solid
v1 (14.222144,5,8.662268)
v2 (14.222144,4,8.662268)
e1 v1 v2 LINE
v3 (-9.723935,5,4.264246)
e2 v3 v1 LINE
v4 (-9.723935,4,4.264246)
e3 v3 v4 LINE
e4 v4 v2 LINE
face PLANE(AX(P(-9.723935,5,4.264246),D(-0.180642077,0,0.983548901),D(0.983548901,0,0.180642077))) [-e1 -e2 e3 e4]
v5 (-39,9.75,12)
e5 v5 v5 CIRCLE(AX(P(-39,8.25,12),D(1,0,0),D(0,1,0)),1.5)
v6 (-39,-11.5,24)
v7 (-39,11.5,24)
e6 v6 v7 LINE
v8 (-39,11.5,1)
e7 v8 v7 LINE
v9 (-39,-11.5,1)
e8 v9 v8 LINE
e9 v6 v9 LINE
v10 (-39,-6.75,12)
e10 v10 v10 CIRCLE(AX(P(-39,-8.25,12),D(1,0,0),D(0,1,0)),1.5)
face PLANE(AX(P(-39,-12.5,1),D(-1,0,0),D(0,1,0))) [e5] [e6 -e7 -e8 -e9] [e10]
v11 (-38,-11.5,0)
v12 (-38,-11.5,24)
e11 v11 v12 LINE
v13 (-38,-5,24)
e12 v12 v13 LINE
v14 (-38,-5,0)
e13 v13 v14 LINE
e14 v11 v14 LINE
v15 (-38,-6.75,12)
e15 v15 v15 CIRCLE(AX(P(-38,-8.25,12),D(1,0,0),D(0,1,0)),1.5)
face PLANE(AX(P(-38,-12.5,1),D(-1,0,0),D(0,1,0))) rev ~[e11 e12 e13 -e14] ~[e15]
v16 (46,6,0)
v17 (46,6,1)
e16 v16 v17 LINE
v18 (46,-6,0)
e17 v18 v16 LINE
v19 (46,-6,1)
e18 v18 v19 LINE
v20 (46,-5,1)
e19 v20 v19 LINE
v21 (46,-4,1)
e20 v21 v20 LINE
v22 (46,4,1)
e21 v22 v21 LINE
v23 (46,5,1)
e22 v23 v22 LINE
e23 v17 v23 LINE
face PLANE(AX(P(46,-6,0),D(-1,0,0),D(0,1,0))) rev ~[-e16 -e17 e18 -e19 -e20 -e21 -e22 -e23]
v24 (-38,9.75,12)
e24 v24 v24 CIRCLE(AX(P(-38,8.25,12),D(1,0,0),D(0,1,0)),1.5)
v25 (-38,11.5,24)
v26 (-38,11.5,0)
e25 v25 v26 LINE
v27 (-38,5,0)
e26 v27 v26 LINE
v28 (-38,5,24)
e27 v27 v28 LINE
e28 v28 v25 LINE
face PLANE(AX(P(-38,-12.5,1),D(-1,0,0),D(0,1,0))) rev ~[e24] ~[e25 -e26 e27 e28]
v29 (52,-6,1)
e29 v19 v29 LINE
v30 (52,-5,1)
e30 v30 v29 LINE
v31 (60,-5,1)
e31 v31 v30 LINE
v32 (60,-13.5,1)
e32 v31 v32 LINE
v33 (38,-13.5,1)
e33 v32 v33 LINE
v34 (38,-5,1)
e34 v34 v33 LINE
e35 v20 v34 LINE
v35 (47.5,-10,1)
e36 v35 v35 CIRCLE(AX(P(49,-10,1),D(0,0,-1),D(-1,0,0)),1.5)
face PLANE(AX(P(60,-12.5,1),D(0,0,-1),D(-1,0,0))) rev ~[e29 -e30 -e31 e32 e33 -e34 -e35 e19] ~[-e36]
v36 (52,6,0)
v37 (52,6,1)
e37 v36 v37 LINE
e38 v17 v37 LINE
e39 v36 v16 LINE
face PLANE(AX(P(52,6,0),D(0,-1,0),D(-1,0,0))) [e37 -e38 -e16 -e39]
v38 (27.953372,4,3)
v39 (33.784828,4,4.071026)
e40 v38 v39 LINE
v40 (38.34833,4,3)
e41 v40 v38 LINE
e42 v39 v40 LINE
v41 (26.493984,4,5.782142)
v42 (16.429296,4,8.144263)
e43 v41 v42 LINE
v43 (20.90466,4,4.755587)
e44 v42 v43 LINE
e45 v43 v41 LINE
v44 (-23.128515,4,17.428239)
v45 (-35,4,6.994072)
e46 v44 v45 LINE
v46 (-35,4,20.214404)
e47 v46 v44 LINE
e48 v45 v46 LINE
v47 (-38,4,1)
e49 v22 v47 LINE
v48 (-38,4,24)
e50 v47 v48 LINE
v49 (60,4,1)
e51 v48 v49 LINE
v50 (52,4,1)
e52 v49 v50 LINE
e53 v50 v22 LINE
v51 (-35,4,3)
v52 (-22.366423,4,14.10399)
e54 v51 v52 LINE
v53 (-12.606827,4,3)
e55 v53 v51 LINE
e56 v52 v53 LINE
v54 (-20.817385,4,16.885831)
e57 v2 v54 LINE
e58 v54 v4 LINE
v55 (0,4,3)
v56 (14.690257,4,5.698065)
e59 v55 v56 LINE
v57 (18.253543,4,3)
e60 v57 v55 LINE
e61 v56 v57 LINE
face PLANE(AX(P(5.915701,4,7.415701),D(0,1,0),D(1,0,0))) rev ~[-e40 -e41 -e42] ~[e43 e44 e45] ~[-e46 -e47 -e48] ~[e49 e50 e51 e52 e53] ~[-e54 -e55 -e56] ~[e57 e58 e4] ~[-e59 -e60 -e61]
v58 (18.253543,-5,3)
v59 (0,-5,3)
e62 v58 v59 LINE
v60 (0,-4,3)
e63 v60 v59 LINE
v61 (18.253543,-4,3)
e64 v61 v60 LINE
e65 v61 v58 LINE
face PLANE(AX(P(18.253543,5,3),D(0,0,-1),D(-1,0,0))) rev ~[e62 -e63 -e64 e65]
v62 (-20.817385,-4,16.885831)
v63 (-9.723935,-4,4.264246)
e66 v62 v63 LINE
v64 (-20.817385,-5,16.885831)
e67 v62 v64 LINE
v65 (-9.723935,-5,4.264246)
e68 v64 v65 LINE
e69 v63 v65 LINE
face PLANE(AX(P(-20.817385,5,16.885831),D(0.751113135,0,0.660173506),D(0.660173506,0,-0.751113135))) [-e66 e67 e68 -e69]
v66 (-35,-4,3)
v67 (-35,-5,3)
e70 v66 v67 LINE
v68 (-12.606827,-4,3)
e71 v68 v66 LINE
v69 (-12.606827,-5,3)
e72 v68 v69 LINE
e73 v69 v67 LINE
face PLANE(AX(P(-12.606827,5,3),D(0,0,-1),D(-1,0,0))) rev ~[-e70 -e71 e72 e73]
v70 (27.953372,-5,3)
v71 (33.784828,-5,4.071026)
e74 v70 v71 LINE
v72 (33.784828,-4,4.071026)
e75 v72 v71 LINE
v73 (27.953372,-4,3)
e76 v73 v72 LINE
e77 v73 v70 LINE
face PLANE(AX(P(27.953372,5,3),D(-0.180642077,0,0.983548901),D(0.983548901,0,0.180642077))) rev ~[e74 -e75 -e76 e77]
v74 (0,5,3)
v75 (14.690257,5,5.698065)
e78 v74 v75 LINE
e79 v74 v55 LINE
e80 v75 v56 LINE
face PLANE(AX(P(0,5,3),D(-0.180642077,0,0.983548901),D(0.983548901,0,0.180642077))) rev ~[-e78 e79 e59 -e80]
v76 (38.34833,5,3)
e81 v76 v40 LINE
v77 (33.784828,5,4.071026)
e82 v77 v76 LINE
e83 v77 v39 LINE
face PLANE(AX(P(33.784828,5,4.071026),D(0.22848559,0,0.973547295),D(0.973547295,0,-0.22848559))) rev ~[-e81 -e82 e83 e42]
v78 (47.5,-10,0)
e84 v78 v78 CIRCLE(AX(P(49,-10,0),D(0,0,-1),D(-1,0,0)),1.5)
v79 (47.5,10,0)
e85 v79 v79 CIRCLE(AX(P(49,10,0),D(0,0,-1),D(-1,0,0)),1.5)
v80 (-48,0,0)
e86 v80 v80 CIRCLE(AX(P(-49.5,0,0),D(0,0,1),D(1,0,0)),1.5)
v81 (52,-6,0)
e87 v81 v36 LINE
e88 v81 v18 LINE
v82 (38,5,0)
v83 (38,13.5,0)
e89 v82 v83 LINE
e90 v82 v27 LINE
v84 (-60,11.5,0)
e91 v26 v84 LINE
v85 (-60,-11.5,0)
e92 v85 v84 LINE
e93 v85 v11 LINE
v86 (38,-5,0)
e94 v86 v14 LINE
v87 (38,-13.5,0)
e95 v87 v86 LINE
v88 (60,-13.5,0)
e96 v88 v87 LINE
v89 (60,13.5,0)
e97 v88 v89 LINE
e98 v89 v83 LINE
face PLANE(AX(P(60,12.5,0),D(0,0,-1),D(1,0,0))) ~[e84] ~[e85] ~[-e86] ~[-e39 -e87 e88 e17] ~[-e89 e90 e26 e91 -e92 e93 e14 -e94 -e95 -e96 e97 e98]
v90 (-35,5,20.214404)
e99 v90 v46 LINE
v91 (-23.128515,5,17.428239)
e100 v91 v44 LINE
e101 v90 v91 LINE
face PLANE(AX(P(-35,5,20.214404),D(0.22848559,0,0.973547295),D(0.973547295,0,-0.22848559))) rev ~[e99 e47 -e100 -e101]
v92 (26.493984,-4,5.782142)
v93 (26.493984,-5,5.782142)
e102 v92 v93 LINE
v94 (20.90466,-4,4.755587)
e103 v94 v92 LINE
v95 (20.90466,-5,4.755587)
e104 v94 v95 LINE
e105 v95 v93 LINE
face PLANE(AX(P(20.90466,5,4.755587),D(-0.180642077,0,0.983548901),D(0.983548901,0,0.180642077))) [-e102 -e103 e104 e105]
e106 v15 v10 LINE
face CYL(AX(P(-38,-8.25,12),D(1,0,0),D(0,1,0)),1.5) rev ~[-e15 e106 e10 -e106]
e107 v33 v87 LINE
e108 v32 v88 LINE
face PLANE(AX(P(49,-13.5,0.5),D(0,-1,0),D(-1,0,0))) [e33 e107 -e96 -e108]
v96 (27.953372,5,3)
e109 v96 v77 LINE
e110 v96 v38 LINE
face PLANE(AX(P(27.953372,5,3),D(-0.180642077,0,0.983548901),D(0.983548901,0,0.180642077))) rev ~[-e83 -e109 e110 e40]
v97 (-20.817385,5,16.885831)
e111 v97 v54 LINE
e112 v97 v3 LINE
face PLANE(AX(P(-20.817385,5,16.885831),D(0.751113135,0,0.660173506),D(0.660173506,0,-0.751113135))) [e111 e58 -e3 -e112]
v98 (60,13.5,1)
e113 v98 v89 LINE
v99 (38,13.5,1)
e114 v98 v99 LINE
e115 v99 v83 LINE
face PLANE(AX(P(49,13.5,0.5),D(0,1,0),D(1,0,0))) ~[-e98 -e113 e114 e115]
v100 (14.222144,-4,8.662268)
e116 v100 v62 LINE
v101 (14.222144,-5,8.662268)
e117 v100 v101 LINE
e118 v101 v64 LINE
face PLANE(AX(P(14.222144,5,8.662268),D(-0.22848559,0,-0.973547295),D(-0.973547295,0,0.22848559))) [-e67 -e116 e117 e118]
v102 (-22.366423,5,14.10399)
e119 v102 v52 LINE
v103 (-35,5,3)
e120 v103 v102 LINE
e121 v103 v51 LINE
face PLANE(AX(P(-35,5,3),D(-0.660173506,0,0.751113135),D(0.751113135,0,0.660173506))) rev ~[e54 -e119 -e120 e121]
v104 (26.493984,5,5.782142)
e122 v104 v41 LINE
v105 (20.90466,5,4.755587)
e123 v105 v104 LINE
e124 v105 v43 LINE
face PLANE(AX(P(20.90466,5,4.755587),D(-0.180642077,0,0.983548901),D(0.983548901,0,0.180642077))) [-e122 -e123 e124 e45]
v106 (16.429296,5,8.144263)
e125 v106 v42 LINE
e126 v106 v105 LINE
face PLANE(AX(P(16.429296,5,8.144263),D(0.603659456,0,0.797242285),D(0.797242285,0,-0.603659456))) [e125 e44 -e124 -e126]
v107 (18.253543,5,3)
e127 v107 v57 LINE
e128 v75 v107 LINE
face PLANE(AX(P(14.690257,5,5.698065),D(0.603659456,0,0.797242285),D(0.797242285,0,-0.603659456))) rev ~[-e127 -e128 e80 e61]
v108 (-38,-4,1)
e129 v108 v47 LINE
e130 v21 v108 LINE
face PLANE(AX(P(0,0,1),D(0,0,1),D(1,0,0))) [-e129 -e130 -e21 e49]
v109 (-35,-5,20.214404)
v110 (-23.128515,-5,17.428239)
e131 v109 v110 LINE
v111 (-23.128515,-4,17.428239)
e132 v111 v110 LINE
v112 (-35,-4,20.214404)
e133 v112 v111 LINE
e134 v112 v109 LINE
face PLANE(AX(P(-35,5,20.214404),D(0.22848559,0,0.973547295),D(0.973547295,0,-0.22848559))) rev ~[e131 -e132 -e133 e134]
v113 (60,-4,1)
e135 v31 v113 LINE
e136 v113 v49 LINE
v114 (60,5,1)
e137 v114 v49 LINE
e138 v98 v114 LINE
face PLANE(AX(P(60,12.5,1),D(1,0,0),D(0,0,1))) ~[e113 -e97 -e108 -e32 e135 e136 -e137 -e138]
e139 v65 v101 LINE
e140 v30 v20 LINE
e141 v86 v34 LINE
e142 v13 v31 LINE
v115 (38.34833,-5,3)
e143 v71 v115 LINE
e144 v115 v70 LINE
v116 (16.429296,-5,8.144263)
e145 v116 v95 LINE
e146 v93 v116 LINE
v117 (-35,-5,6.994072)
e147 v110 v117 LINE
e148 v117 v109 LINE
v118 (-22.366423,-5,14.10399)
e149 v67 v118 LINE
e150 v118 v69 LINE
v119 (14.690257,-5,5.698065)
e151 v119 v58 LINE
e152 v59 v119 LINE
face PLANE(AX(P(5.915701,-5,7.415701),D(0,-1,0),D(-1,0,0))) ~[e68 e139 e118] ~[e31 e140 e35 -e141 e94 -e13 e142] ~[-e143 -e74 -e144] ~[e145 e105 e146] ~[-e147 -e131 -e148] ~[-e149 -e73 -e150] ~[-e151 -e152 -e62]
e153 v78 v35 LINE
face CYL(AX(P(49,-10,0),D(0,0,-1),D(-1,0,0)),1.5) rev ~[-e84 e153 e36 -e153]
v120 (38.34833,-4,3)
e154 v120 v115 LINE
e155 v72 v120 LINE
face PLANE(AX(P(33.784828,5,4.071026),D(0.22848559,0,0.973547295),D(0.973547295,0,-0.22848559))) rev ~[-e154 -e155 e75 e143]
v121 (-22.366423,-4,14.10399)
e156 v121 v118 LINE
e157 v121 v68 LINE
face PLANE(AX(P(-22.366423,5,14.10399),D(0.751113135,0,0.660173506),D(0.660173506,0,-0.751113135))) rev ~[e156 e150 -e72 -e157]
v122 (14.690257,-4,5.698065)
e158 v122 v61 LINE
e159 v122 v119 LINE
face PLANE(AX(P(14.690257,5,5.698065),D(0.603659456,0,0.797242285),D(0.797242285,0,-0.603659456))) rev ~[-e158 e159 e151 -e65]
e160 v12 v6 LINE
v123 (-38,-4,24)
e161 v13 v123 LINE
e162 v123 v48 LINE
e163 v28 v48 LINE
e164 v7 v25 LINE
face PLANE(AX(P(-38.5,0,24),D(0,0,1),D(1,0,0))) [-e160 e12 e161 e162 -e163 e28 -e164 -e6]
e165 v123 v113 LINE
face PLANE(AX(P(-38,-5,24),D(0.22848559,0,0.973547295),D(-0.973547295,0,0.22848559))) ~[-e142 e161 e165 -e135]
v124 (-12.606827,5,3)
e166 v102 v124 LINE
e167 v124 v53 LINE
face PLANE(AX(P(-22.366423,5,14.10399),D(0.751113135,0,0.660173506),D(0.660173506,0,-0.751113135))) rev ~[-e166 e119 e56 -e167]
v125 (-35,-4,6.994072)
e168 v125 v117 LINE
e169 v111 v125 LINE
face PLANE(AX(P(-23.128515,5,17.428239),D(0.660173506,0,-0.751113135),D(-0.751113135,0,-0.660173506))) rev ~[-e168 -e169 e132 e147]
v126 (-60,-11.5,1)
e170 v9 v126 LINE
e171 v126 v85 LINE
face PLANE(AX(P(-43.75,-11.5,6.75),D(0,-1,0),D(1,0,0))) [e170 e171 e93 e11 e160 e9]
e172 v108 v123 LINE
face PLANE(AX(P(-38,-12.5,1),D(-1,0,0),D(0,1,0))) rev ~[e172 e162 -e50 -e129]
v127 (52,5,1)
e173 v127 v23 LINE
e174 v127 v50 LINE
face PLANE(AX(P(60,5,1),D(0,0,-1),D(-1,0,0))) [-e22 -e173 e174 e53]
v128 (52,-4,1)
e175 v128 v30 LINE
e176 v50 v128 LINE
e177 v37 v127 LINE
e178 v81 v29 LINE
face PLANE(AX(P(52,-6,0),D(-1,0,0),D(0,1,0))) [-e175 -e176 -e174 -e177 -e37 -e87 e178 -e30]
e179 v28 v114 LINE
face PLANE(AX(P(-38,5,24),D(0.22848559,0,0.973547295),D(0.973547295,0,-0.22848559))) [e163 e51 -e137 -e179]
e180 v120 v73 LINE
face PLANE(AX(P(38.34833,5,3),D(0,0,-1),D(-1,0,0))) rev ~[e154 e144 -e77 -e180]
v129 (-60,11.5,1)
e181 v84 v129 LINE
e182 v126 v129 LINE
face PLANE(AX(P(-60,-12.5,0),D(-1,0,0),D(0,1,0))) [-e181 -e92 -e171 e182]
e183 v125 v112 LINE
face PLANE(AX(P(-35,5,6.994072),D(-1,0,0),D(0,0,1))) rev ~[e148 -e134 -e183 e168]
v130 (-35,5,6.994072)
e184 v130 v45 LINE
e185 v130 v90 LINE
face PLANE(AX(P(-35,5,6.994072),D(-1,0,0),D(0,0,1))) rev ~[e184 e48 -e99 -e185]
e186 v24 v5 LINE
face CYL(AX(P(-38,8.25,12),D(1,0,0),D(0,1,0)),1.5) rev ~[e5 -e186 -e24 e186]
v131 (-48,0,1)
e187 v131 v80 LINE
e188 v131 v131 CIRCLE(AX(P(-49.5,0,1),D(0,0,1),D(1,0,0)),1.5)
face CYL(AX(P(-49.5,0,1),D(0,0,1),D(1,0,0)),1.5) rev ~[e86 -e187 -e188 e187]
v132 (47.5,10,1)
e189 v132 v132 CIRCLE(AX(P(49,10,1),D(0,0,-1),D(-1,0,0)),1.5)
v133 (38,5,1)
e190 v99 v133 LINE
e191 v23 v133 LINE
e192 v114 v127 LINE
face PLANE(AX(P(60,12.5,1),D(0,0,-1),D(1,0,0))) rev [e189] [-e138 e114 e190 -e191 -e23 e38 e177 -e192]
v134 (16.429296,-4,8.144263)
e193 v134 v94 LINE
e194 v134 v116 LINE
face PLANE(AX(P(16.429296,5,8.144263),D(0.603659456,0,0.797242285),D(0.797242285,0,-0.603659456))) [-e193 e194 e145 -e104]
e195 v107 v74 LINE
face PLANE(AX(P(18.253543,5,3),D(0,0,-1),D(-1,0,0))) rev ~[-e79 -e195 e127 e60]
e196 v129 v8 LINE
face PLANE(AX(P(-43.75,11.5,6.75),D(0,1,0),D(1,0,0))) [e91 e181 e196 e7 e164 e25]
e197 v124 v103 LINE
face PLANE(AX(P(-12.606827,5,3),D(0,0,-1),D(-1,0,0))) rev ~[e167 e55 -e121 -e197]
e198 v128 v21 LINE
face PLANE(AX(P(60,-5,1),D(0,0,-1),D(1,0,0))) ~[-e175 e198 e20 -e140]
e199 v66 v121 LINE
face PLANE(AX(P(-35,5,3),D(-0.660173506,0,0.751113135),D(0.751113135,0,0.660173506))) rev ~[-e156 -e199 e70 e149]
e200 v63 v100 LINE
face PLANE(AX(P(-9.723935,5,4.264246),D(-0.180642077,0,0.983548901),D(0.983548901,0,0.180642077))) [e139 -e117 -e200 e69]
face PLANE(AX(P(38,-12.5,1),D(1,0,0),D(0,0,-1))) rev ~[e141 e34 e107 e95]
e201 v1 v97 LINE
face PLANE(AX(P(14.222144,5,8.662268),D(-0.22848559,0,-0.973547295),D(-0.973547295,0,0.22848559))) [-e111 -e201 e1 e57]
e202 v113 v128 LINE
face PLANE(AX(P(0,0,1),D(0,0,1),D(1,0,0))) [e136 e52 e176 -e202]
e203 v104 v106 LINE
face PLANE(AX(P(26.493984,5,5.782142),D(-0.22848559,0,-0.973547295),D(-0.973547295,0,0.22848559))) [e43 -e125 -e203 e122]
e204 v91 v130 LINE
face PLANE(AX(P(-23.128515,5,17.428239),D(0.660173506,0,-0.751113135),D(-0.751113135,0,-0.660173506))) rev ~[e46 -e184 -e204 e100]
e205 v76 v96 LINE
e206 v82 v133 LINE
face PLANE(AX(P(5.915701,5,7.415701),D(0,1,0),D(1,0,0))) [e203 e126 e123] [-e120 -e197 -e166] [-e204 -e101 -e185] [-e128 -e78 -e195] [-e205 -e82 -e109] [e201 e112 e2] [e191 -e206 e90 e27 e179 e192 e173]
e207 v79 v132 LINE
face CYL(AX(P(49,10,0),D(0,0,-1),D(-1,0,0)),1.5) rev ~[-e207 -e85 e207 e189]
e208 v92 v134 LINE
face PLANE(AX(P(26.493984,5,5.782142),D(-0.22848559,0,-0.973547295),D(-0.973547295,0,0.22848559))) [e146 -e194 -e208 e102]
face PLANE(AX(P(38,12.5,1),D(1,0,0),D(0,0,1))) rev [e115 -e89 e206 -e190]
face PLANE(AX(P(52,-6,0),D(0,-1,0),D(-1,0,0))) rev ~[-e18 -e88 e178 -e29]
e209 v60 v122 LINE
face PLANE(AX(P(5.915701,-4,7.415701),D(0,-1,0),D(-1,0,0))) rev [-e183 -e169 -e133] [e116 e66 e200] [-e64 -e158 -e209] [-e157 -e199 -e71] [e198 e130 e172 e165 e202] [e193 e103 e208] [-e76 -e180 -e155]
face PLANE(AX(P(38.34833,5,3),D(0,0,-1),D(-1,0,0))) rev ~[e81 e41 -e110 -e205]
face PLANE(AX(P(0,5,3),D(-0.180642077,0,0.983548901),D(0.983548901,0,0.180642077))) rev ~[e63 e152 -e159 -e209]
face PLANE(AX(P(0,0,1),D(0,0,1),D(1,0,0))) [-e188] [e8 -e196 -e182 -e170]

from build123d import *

# Parameters (mm, degrees)
SKETCH1_W           = 120
SKETCH1_H           = 25
BOSS_EXTRUDE4_DEPTH = 1
SKETCH6_W           = 76
SKETCH6_H           = 7.5
CUT_EXTRUDE1_DEPTH  = 62.296410988
SKETCH7_W           = 1
SKETCH7_H           = 25
BOSS_EXTRUDE5_DEPTH = 23
SKETCH11_R          = 1.5
SKETCH11_W          = 6
SKETCH11_H          = 12
CUT_EXTRUDE3_DEPTH  = 66.819829839
CUT_EXTRUDE4_DEPTH  = 1
CUT_EXTRUDE5_DEPTH  = 1
BOSS_EXTRUDE6_DEPTH = 1
SKETCH13_W          = 22
SKETCH13_H          = 1
BOSS_EXTRUDE7_DEPTH = 1
SKETCH16_R          = 1.5
CUT_EXTRUDE6_DEPTH  = 1
SKETCH17_R          = 1.5
CUT_EXTRUDE7_DEPTH  = 1
CUT_EXTRUDE8_REACH  = 69.218


with BuildPart() as part:
    # Sketch1 → Boss-Extrude4 (new body)
    with BuildSketch(Plane.XY):
        Rectangle(SKETCH1_W, SKETCH1_H)
    extrude(amount=BOSS_EXTRUDE4_DEPTH)

    # Sketch6 → Cut-Extrude1 (cut, through all)
    with BuildSketch(Plane(origin=(0, 0, 0), x_dir=(-1, 0, 0), z_dir=(0, 0, -1))):
        with Locations((0, 8.75)):
            Rectangle(SKETCH6_W, SKETCH6_H)
        with Locations((0, -8.75)):
            Rectangle(SKETCH6_W, SKETCH6_H)
    extrude(amount=-CUT_EXTRUDE1_DEPTH, mode=Mode.SUBTRACT)

    # Sketch7 → Boss-Extrude5 (add)
    with BuildSketch(Plane.XY.offset(1)):
        with Locations((-38.5, 0)):
            Rectangle(SKETCH7_W, SKETCH7_H)
    extrude(amount=BOSS_EXTRUDE5_DEPTH)

    # Sketch11 → Cut-Extrude3 (cut, through all)
    with BuildSketch(Plane(origin=(0, 0, 0), x_dir=(-1, 0, 0), z_dir=(0, 0, -1))):
        with Locations((-49, 10)):
            Circle(SKETCH11_R)
        with Locations((-49, -10)):
            Circle(SKETCH11_R)
        with Locations((-49, 0)):
            Rectangle(SKETCH11_W, SKETCH11_H)
    extrude(amount=-CUT_EXTRUDE3_DEPTH, mode=Mode.SUBTRACT)

    # Sketch14 → Cut-Extrude4 (cut)
    with BuildSketch(Plane(origin=(0, 12.5, 0), x_dir=(1, 0, 0), z_dir=(0, 1, 0))):
        Polygon((-60, -1), (-39, -1), (-39, -24), (-38, -24), (-38, 0), (-60, 0), align=None)
    extrude(amount=-CUT_EXTRUDE4_DEPTH, mode=Mode.SUBTRACT)

    # Sketch15 → Cut-Extrude5 (cut)
    with BuildSketch(Plane.XZ.offset(12.5)):
        Polygon((-60, 0), (-38, 0), (-38, 24), (-39, 24), (-39, 1), (-60, 1), align=None)
    extrude(amount=-CUT_EXTRUDE5_DEPTH, mode=Mode.SUBTRACT)

    # Sketch10 → Boss-Extrude6 (add)
    with BuildSketch(Plane(origin=(0, 5, 0), x_dir=(1, 0, 0), z_dir=(0, 1, 0))):
        Polygon((-38, -1), (-38, -24), (60, -1), align=None)
    boss_extrude6 = extrude(amount=-BOSS_EXTRUDE6_DEPTH)

    # Mirror1: Boss-Extrude6 across plane
    add(boss_extrude6.mirror(Plane(origin=(0, 0, 0), x_dir=(0, 0, 1), z_dir=(0, -1, 0))))

    # Sketch13 → Boss-Extrude7 (add)
    with BuildSketch(Plane(origin=(0, -12.5, 0), x_dir=(-1, 0, 0), z_dir=(0, -1, 0))):
        with Locations((-49, -0.5)):
            Rectangle(SKETCH13_W, SKETCH13_H)
    boss_extrude7 = extrude(amount=BOSS_EXTRUDE7_DEPTH)

    # Mirror2: Boss-Extrude7 across plane
    add(boss_extrude7.mirror(Plane(origin=(0, 0, 0), x_dir=(0, 0, 1), z_dir=(0, -1, 0))))

    # Sketch16 → Cut-Extrude6 (cut)
    with BuildSketch(Plane(origin=(-38, 0, 0), x_dir=(0, 0, -1), z_dir=(1, 0, 0))):
        with Locations(Location((-12, -8.25, 0), (0, 0, 90))):
            Circle(SKETCH16_R)
        with Locations(Location((-12, 8.25, 0), (0, 0, 90))):
            Circle(SKETCH16_R)
    extrude(amount=-CUT_EXTRUDE6_DEPTH, mode=Mode.SUBTRACT)

    # Sketch17 → Cut-Extrude7 (cut)
    with BuildSketch(Plane.XY.offset(1)):
        with Locations((-49.5, 0)):
            Circle(SKETCH17_R)
    extrude(amount=-CUT_EXTRUDE7_DEPTH, mode=Mode.SUBTRACT)

    # Cut-Extrude8: up to this face of the body (flat: up to its plane)
    cut_extrude8_end = Plane(part.part.faces().sort_by_distance((-4.996397894, -5, 8.150734275))[0])
    # Sketch18 → Cut-Extrude8 (cut, up to the picked face)
    with BuildSketch(Plane(origin=(0, 5, 0), x_dir=(1, 0, 0), z_dir=(0, 1, 0)), mode=Mode.PRIVATE) as cut_extrude8_sk1:
        Polygon((-35, -6.994072078), (-35, -20.214403976), (-23.128514946, -17.428239116), align=None)
    cut_extrude8_tool1 = split(extrude(cut_extrude8_sk1.sketch, amount=-CUT_EXTRUDE8_REACH, mode=Mode.PRIVATE), bisect_by=cut_extrude8_end, keep=Keep.BOTH, mode=Mode.PRIVATE)
    # Sketch18 → Cut-Extrude8 (cut, up to the picked face)
    with BuildSketch(Plane(origin=(0, 5, 0), x_dir=(1, 0, 0), z_dir=(0, 1, 0)), mode=Mode.PRIVATE) as cut_extrude8_sk2:
        Polygon((38.348329984, -3), (27.953371723, -3), (33.784828112, -4.071025949), align=None)
    cut_extrude8_tool2 = split(extrude(cut_extrude8_sk2.sketch, amount=-CUT_EXTRUDE8_REACH, mode=Mode.PRIVATE), bisect_by=cut_extrude8_end, keep=Keep.BOTH, mode=Mode.PRIVATE)
    # Sketch18 → Cut-Extrude8 (cut, up to the picked face)
    with BuildSketch(Plane(origin=(0, 5, 0), x_dir=(1, 0, 0), z_dir=(0, 1, 0)), mode=Mode.PRIVATE) as cut_extrude8_sk3:
        Polygon((-35, -3), (-22.366422742, -14.103990342), (-12.606827419, -3), align=None)
    cut_extrude8_tool3 = split(extrude(cut_extrude8_sk3.sketch, amount=-CUT_EXTRUDE8_REACH, mode=Mode.PRIVATE), bisect_by=cut_extrude8_end, keep=Keep.BOTH, mode=Mode.PRIVATE)
    # Sketch18 → Cut-Extrude8 (cut, up to the picked face)
    with BuildSketch(Plane(origin=(0, 5, 0), x_dir=(1, 0, 0), z_dir=(0, 1, 0)), mode=Mode.PRIVATE) as cut_extrude8_sk4:
        Polygon((-20.817385235, -16.885831123), (-9.723935411, -4.264246351), (14.222143926, -8.662268156), align=None)
    cut_extrude8_tool4 = split(extrude(cut_extrude8_sk4.sketch, amount=-CUT_EXTRUDE8_REACH, mode=Mode.PRIVATE), bisect_by=cut_extrude8_end, keep=Keep.BOTH, mode=Mode.PRIVATE)
    # Sketch18 → Cut-Extrude8 (cut, up to the picked face)
    with BuildSketch(Plane(origin=(0, 5, 0), x_dir=(1, 0, 0), z_dir=(0, 1, 0)), mode=Mode.PRIVATE) as cut_extrude8_sk5:
        Polygon((14.690257392, -5.69806474), (18.253543406, -3), (0, -3), align=None)
    cut_extrude8_tool5 = split(extrude(cut_extrude8_sk5.sketch, amount=-CUT_EXTRUDE8_REACH, mode=Mode.PRIVATE), bisect_by=cut_extrude8_end, keep=Keep.BOTH, mode=Mode.PRIVATE)
    # Sketch18 → Cut-Extrude8 (cut, up to the picked face)
    with BuildSketch(Plane(origin=(0, 5, 0), x_dir=(1, 0, 0), z_dir=(0, 1, 0)), mode=Mode.PRIVATE) as cut_extrude8_sk6:
        Polygon((20.904659834, -4.755587386), (26.493983886, -5.782142452), (16.429296354, -8.144262995), align=None)
    cut_extrude8_tool6 = split(extrude(cut_extrude8_sk6.sketch, amount=-CUT_EXTRUDE8_REACH, mode=Mode.PRIVATE), bisect_by=cut_extrude8_end, keep=Keep.BOTH, mode=Mode.PRIVATE)
    add(cut_extrude8_tool1.solids().sort_by(Axis((-31.042838, 5, 14.878905), (0, -1, 0)))[0], mode=Mode.SUBTRACT)
    add(cut_extrude8_tool2.solids().sort_by(Axis((33.362177, 5, 3.357009), (0, -1, 0)))[0], mode=Mode.SUBTRACT)
    add(cut_extrude8_tool3.solids().sort_by(Axis((-23.324417, 5, 6.70133), (0, -1, 0)))[0], mode=Mode.SUBTRACT)
    add(cut_extrude8_tool4.solids().sort_by(Axis((-5.439726, 5, 9.937449), (0, -1, 0)))[0], mode=Mode.SUBTRACT)
    add(cut_extrude8_tool5.solids().sort_by(Axis((10.981267, 5, 3.899355), (0, -1, 0)))[0], mode=Mode.SUBTRACT)
    add(cut_extrude8_tool6.solids().sort_by(Axis((21.27598, 5, 6.227331), (0, -1, 0)))[0], mode=Mode.SUBTRACT)


solid = part.part
